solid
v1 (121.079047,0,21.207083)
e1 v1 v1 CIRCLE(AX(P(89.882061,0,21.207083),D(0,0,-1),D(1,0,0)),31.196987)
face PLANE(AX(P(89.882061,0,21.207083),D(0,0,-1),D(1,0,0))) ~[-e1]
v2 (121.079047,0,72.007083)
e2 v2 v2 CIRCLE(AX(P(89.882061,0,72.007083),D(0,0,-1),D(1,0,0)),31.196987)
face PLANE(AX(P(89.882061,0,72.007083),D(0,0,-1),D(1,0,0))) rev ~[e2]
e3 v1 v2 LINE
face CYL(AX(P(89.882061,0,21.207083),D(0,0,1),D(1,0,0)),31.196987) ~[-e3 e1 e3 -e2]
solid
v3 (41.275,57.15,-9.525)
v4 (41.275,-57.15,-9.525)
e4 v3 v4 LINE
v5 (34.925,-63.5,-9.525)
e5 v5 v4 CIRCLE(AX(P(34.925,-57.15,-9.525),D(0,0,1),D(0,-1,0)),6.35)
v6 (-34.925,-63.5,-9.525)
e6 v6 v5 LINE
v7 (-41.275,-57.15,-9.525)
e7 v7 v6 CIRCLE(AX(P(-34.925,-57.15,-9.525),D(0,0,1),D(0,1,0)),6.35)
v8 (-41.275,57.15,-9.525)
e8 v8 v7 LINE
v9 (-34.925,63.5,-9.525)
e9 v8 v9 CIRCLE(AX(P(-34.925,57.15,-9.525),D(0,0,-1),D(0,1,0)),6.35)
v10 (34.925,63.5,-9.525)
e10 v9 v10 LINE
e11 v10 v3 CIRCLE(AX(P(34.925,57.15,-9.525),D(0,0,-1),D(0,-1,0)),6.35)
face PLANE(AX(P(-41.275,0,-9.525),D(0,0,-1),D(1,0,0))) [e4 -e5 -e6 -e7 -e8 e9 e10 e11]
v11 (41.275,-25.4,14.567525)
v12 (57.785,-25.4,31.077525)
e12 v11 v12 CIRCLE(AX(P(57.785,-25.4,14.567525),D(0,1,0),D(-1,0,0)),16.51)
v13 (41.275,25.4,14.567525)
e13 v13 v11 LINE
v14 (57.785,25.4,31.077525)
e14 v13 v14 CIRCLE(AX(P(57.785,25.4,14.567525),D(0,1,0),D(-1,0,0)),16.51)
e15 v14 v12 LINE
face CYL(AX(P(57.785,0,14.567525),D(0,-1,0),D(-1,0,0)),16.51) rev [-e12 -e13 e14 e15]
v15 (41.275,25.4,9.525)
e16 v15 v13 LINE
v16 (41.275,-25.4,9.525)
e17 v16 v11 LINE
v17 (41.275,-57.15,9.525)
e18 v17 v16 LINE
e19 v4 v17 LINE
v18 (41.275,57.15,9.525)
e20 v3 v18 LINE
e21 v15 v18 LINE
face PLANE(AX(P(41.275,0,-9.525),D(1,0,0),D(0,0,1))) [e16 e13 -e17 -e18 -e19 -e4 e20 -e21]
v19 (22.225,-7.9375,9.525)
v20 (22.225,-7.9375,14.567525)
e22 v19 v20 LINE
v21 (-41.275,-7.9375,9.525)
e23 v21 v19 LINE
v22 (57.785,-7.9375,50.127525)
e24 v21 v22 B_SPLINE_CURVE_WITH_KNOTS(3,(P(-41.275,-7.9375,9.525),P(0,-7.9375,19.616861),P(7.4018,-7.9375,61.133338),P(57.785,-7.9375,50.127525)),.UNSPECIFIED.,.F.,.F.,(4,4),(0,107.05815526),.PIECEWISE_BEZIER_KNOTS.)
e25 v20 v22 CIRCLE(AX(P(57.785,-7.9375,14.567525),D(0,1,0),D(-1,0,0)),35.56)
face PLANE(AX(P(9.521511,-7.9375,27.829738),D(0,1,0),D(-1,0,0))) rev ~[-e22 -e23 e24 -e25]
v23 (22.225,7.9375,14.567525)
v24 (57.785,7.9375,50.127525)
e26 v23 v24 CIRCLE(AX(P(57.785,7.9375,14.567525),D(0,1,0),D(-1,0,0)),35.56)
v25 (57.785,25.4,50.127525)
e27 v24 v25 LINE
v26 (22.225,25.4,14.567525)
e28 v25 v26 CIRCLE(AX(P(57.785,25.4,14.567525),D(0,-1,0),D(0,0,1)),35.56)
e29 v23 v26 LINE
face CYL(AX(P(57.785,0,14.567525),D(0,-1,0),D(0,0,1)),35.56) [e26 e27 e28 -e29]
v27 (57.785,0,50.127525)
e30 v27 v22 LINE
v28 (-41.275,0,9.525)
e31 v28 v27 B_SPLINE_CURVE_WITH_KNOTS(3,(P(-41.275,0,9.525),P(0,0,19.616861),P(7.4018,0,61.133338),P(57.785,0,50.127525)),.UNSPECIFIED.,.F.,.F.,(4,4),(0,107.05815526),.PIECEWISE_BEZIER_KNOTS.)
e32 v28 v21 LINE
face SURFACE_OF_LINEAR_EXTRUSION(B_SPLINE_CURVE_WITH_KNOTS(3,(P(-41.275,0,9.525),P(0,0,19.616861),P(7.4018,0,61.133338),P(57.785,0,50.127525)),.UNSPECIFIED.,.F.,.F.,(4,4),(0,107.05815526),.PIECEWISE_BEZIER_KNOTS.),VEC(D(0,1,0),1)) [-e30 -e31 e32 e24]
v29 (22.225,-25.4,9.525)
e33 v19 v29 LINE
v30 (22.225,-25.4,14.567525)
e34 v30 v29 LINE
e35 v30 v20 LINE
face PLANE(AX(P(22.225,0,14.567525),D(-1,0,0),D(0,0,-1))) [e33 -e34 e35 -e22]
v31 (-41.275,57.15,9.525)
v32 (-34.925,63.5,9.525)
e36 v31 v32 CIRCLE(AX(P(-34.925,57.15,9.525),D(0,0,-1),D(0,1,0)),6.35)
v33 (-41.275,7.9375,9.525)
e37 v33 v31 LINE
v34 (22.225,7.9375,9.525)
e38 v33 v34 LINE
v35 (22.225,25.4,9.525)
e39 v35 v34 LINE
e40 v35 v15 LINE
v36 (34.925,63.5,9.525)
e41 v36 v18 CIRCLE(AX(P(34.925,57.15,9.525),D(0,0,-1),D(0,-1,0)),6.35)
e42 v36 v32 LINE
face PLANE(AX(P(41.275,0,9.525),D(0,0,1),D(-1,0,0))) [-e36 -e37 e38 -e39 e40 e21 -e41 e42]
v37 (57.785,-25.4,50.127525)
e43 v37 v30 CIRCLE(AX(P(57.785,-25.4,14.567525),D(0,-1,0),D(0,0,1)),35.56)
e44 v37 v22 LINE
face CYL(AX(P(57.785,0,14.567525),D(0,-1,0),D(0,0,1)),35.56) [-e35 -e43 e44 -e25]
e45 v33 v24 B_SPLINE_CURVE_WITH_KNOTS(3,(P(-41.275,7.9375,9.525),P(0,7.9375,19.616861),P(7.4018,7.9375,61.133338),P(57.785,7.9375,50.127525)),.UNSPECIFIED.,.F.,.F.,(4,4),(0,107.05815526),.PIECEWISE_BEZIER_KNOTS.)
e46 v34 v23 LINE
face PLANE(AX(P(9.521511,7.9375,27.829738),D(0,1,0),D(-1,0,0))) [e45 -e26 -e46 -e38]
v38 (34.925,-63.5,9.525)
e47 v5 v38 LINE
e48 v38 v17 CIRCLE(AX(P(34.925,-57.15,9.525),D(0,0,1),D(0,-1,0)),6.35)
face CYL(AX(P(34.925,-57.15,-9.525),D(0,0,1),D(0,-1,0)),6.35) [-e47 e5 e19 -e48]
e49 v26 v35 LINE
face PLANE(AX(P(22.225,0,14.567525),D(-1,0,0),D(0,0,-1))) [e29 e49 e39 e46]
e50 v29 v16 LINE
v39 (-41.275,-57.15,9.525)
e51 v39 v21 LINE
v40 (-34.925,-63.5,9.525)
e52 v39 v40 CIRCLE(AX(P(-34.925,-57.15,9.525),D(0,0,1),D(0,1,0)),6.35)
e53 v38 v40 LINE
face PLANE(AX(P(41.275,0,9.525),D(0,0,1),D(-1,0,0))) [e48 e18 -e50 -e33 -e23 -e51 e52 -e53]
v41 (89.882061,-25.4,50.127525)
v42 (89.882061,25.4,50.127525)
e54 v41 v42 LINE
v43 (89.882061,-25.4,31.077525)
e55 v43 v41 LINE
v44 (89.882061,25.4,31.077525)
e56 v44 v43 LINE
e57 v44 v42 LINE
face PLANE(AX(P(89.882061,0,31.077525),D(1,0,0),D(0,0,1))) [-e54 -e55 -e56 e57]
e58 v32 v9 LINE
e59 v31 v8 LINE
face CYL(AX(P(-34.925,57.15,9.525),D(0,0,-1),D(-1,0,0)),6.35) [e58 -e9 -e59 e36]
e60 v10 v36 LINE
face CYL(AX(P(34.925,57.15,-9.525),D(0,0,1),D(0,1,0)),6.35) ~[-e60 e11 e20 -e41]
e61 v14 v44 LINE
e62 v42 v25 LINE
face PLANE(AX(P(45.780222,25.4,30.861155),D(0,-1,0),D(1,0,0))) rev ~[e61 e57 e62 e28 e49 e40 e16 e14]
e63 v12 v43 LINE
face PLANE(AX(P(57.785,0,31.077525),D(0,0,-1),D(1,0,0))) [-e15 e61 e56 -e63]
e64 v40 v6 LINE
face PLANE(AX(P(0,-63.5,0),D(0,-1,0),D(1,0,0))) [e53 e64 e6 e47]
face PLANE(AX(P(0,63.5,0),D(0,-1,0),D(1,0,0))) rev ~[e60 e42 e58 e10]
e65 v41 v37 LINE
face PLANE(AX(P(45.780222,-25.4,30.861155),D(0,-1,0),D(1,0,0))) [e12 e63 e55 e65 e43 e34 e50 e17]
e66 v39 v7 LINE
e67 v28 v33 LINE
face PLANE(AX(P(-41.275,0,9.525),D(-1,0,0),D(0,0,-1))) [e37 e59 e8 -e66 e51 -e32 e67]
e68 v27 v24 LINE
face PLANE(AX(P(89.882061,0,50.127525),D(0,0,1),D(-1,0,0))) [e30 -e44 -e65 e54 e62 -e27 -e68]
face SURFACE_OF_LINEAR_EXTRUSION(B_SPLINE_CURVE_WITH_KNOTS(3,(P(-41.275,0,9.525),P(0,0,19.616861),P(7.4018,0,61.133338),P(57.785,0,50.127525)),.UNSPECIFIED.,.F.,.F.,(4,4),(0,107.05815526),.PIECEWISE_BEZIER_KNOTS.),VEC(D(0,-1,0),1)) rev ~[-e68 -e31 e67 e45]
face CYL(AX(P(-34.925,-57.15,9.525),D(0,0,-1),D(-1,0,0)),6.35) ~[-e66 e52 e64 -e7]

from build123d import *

# Parameters (mm, degrees)
F1_DEPTH = 63.5
F0_W     = 19.6030134281
F0_H     = 19.05
F2_DEPTH = 25.4
F3_DEPTH = 7.9375
F5_R     = 6.35


with BuildPart() as f1:
    # F0 (on Front) → F1 (new body, symmetric)
    with BuildSketch(Plane.XZ):
        Polygon((22.225, 9.525), (-41.275, 9.525), (-41.275, -9.525), (41.275, -9.525), (41.275, 9.525), align=None)
    extrude(amount=F1_DEPTH, both=True)

    # F0 (on Front) → F2 (join, symmetric)
    with BuildSketch(Plane.XZ):
        with BuildLine():
            Line((22.225, 14.5675246471), (22.225, 9.525))
            Line((22.225, 9.525), (41.275, 9.525))
            Line((41.275, 9.525), (41.275, 14.5675246471))
            ThreePointArc((41.275, 14.5675246471), (46.1106670426, 26.2418576045), (57.785, 31.0775246471))
            Line((57.785, 31.0775246471), (70.2790474574, 31.0775246471))
            Line((70.2790474574, 31.0775246471), (70.2790474574, 50.1275246471))
            Line((70.2790474574, 50.1275246471), (57.785, 50.1275246471))
            ThreePointArc((57.785, 50.1275246471), (32.640282861, 39.7122417861), (22.225, 14.5675246471))
        make_face()
        with Locations((80.0805541714, 40.6025246471)):
            Rectangle(F0_W, F0_H)
    extrude(amount=F2_DEPTH, both=True)

    # F0 (on Front) → F3 (join, symmetric)
    with BuildSketch(Plane.XZ):
        with BuildLine():
            add(Edge.make_bspline(
                [(-41.275, 9.525), (0, 19.6168608963), (7.4018002488, 61.1333376465), (57.785, 50.1275246471)],
                knots=[0, 0, 0, 0, 107.0581552602, 107.0581552602, 107.0581552602, 107.0581552602], degree=3))
            Line((-41.275, 9.525), (22.225, 9.525))
            Line((22.225, 9.525), (22.225, 14.5675246471))
            ThreePointArc((22.225, 14.5675246471), (32.640282861, 39.7122417861), (57.785, 50.1275246471))
        make_face()
    extrude(amount=F3_DEPTH, both=True)

    # F5
    f5_edges = [f1.edges().sort_by_distance(p)[0] for p in [
        (41.275, -63.5, 0),
        (-41.275, -63.5, 0),
        (41.275, 63.5, 0),
        (-41.275, 63.5, 0),
    ]]
    fillet(f5_edges, radius=F5_R)


with BuildPart() as f4:
    # F0 (on Front) → F4 (revolve)
    with BuildSketch(Plane.XZ):
        Polygon((89.8820608854, 72.0070831388), (89.8820608854, 50.1275246471), (89.8820608854, 31.0775246471), (89.8820608854, 21.2070831388), (121.0790474574, 21.2070831388), (121.0790474574, 72.0070831388), align=None)
    revolve(axis=Axis((89.8820608854, 0, 46.6070831388), (0, 0, -1)))


solid = Compound([f1.part, f4.part])
